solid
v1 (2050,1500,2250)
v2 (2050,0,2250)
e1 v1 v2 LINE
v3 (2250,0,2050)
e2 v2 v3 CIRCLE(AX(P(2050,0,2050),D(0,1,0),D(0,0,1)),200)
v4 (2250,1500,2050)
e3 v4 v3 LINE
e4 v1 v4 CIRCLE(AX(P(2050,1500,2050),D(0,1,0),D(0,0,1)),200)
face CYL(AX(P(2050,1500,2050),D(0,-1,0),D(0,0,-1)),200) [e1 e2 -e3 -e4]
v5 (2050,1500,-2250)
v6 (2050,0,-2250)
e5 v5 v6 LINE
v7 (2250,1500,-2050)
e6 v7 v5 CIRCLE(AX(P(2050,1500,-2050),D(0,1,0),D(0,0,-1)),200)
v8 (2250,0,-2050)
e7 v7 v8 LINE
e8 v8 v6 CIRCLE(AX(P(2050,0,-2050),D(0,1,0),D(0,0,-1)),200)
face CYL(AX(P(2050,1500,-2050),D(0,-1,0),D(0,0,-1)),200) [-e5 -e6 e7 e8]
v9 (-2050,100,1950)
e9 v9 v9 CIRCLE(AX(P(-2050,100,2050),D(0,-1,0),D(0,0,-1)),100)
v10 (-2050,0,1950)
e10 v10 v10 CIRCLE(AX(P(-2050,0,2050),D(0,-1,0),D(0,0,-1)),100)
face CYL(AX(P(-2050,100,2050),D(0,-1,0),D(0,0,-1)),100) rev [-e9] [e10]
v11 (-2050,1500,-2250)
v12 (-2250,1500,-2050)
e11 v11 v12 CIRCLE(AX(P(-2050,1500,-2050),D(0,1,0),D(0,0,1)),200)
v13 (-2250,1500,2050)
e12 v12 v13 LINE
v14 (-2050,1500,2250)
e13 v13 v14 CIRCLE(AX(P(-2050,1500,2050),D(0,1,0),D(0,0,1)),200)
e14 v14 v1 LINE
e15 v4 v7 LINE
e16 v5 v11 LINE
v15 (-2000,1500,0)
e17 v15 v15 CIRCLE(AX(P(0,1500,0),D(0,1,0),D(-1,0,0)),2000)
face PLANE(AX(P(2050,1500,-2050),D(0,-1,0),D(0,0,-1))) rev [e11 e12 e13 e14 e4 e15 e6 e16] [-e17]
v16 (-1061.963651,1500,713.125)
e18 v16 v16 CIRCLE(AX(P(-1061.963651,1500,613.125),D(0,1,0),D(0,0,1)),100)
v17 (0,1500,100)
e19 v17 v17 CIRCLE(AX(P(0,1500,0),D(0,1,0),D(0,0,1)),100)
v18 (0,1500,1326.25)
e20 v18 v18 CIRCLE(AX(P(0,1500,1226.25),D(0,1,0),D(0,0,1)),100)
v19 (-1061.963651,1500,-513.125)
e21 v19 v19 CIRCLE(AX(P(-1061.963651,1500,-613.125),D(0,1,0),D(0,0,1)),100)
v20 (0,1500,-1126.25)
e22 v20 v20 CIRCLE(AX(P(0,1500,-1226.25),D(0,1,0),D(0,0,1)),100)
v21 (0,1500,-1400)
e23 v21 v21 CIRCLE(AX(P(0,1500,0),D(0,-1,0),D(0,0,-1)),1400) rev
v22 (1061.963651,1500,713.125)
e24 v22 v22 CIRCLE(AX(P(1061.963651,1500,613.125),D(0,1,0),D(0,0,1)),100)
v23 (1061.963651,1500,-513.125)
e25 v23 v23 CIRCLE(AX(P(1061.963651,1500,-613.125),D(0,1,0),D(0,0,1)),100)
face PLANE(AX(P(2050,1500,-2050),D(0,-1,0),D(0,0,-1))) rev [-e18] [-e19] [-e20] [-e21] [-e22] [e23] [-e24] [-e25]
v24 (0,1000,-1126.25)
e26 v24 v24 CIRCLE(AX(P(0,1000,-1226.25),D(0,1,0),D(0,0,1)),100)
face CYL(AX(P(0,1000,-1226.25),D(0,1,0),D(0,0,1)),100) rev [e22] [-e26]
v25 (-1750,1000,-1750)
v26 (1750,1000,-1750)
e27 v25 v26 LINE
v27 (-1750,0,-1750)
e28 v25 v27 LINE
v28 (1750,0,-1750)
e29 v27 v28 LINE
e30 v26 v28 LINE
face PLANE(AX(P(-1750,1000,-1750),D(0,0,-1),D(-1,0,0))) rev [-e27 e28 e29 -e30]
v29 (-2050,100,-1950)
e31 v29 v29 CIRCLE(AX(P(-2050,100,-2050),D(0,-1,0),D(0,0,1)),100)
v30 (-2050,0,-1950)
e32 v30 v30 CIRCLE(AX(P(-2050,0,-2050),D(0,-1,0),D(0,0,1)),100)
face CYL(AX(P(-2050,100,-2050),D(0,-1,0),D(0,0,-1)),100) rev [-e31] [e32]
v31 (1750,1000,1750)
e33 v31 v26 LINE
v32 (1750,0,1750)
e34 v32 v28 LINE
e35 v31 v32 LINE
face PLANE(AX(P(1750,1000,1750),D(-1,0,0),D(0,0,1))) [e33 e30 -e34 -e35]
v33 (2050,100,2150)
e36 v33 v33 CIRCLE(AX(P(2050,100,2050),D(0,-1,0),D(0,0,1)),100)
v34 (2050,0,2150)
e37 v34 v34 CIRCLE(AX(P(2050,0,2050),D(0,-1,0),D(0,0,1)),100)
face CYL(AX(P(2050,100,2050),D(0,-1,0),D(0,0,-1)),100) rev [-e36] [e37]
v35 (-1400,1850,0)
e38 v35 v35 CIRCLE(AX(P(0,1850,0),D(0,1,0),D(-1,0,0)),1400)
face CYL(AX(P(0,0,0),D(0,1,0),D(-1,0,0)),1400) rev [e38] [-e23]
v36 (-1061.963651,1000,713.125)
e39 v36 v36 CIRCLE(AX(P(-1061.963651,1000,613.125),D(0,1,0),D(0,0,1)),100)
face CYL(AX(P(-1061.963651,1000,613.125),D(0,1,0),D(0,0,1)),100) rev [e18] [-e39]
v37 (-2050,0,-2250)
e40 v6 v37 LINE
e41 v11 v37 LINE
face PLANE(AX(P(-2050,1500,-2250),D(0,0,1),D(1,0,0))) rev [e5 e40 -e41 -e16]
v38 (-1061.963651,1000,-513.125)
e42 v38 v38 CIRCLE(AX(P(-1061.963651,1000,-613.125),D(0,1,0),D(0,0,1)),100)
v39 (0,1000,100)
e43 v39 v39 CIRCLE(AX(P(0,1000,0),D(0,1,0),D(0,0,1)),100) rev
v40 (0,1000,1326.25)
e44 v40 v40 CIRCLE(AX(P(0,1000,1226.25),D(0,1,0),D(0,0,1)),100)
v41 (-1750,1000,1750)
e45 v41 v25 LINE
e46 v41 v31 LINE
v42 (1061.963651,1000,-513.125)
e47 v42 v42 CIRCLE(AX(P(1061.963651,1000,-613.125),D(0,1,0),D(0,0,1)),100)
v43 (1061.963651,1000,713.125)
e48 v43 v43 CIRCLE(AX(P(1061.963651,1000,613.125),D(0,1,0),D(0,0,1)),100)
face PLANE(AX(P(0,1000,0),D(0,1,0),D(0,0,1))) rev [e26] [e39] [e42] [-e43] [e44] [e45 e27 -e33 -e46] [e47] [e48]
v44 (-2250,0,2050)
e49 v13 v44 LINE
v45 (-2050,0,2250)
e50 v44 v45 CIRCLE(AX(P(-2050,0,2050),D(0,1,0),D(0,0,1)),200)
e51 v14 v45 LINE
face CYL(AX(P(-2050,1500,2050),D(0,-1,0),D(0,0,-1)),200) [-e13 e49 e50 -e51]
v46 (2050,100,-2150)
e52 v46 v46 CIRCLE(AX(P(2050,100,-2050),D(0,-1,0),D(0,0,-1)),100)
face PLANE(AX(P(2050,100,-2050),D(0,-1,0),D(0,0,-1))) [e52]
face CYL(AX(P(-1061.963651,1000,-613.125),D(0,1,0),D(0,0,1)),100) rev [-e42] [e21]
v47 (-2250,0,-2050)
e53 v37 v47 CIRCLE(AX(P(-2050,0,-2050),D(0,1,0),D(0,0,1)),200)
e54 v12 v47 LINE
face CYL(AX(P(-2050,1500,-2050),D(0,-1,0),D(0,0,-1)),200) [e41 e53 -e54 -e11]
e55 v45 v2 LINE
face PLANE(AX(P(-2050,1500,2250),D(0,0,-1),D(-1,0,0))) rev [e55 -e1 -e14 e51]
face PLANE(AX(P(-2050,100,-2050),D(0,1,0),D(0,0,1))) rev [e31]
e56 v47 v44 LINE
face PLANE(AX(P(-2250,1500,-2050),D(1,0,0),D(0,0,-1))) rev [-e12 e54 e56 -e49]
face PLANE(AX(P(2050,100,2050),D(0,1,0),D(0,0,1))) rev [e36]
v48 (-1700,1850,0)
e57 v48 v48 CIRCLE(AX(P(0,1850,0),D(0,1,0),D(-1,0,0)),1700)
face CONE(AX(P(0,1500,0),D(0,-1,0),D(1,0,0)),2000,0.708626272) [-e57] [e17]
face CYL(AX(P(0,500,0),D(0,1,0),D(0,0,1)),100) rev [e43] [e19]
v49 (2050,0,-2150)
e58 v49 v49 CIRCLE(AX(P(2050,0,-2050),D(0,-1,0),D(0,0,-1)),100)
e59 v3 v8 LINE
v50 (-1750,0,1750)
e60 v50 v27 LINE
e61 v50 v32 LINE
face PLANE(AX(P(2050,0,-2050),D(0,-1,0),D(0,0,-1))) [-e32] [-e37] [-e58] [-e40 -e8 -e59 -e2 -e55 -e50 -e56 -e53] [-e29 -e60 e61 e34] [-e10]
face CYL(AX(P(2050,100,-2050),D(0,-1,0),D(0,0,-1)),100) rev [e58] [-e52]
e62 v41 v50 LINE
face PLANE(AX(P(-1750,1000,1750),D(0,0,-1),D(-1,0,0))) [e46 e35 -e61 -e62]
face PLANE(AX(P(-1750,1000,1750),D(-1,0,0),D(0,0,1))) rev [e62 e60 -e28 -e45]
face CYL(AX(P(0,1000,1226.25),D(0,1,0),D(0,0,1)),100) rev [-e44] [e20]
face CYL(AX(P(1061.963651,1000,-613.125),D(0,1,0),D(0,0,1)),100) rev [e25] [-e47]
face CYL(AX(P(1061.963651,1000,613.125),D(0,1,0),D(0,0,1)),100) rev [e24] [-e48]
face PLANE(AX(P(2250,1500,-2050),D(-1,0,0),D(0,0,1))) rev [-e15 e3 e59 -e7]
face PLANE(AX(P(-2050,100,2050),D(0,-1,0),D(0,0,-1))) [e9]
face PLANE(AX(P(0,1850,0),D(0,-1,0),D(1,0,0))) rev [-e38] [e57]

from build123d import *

# Parameters (mm, degrees)
BASE_DEPTH                      = 1500
EXTERNAL_SUPPORT_R              = 1400
TOWER_SUPPORT_DEPTH             = 3681.692869556
TOWER_START                     = -1500
BASE_MEETING_R                  = 1400
TOWER_BASE_METTING_POINT_DEPTH  = 1500
M20_MOUNTING_POINTS_R           = 100
TOWER_MOUNING_POINTS_DEPTH      = 500
GEAR_BOX_SHAFT_CONNECTION_R     = 100
GEAR_BOX_CONNECTING_POINT_DEPTH = 1000
SKETCH1_W                       = 3500
SKETCH1_H                       = 3500
BASE_PLATE_DEPTH                = 1000
SKETCH2_R                       = 10
SKETCH2_R_2                     = 100
CUT_EXTRUDE2_DEPTH              = 100


with BuildPart() as part:
    # Turbine Base → Base (new body)
    with BuildSketch(Plane(origin=(0, 0, 0), x_dir=(1, 0, 0), z_dir=(0, 1, 0))):
        with BuildLine():
            Line((-2050, 2250), (2050, 2250))
            ThreePointArc((2050, 2250), (2191.421356237, 2191.421356237), (2250, 2050))
            Line((2250, 2050), (2250, -2050))
            ThreePointArc((2250, -2050), (2191.421356237, -2191.421356237), (2050, -2250))
            Line((2050, -2250), (-2050, -2250))
            ThreePointArc((-2050, -2250), (-2191.421356237, -2191.421356237), (-2250, -2050))
            Line((-2250, -2050), (-2250, 2050))
            ThreePointArc((-2250, 2050), (-2191.421356237, 2191.421356237), (-2050, 2250))
        make_face()
    extrude(amount=BASE_DEPTH)

    # Support → Tower Support projection (revolve)
    with BuildSketch(Plane.XY, mode=Mode.PRIVATE) as tower_support_projection_sk:
        Polygon((0, 1850), (0, 1500), (2000, 1500), (1700, 1850), align=None)
    revolve(tower_support_projection_sk.sketch.rotate(Axis((0, 1850, 0), (0, -1, 0)), 180), axis=Axis((0, 1850, 0), (0, -1, 0)))

    # external support → Tower Support (cut, through all)
    with BuildSketch(Plane(origin=(0, 1850, 0), x_dir=(1, 0, 0), z_dir=(0, 1, 0))):
        with Locations(Location((0, 0, 0), (0, 0, 180))):
            Circle(EXTERNAL_SUPPORT_R)
    extrude(amount=-TOWER_SUPPORT_DEPTH, mode=Mode.SUBTRACT)

    # Base meeting → Tower Base metting point (add)
    with BuildSketch(Plane.XZ.offset(TOWER_START)):
        with Locations(Location((0, 0, 0), (0, 0, 180))):
            Circle(BASE_MEETING_R)
    extrude(amount=TOWER_BASE_METTING_POINT_DEPTH)

    # M20 mounting points → Tower Mouning points (cut)
    with BuildSketch(Plane(origin=(0, 1500, 0), x_dir=(1, 0, 0), z_dir=(0, 1, 0))):
        with Locations(Location((0, 1226.25, 0), (0, 0, 270))):
            Circle(M20_MOUNTING_POINTS_R)
        with Locations(Location((1061.963651391, 613.125, 0), (0, 0, 270))):
            Circle(M20_MOUNTING_POINTS_R)
        with Locations(Location((1061.963651391, -613.125, 0), (0, 0, 270))):
            Circle(M20_MOUNTING_POINTS_R)
        with Locations(Location((0, -1226.25, 0), (0, 0, 270))):
            Circle(M20_MOUNTING_POINTS_R)
        with Locations(Location((-1061.963651391, -613.125, 0), (0, 0, 270))):
            Circle(M20_MOUNTING_POINTS_R)
        with Locations(Location((-1061.963651391, 613.125, 0), (0, 0, 270))):
            Circle(M20_MOUNTING_POINTS_R)
    extrude(amount=-TOWER_MOUNING_POINTS_DEPTH, mode=Mode.SUBTRACT)

    # Gear box shaft connection → Gear box connecting point (cut)
    with BuildSketch(Plane(origin=(0, 1500, 0), x_dir=(1, 0, 0), z_dir=(0, 1, 0))):
        with Locations(Location((0, 0, 0), (0, 0, 270))):
            Circle(GEAR_BOX_SHAFT_CONNECTION_R)
    extrude(amount=-GEAR_BOX_CONNECTING_POINT_DEPTH, mode=Mode.SUBTRACT)

    # Sketch1 → Base plate (cut)
    with BuildSketch(Plane.XZ):
        Rectangle(SKETCH1_W, SKETCH1_H)
    extrude(amount=-BASE_PLATE_DEPTH, mode=Mode.SUBTRACT)

    # Sketch2 → Cut-Extrude2 (cut)
    with BuildSketch(Plane.XZ):
        with Locations((2230, -2230)):
            Circle(SKETCH2_R)
        with Locations((2230, 2230)):
            Circle(SKETCH2_R)
        with Locations(Location((-2050, 2050, 0), (0, 0, 270))):
            Circle(SKETCH2_R_2)
        with Locations(Location((-2050, -2050, 0), (0, 0, 90))):
            Circle(SKETCH2_R_2)
        with Locations(Location((2050, -2050, 0), (0, 0, 270))):
            Circle(SKETCH2_R_2)
        with Locations(Location((2050, 2050, 0), (0, 0, 90))):
            Circle(SKETCH2_R_2)
    extrude(amount=-CUT_EXTRUDE2_DEPTH, mode=Mode.SUBTRACT)


solid = part.part
